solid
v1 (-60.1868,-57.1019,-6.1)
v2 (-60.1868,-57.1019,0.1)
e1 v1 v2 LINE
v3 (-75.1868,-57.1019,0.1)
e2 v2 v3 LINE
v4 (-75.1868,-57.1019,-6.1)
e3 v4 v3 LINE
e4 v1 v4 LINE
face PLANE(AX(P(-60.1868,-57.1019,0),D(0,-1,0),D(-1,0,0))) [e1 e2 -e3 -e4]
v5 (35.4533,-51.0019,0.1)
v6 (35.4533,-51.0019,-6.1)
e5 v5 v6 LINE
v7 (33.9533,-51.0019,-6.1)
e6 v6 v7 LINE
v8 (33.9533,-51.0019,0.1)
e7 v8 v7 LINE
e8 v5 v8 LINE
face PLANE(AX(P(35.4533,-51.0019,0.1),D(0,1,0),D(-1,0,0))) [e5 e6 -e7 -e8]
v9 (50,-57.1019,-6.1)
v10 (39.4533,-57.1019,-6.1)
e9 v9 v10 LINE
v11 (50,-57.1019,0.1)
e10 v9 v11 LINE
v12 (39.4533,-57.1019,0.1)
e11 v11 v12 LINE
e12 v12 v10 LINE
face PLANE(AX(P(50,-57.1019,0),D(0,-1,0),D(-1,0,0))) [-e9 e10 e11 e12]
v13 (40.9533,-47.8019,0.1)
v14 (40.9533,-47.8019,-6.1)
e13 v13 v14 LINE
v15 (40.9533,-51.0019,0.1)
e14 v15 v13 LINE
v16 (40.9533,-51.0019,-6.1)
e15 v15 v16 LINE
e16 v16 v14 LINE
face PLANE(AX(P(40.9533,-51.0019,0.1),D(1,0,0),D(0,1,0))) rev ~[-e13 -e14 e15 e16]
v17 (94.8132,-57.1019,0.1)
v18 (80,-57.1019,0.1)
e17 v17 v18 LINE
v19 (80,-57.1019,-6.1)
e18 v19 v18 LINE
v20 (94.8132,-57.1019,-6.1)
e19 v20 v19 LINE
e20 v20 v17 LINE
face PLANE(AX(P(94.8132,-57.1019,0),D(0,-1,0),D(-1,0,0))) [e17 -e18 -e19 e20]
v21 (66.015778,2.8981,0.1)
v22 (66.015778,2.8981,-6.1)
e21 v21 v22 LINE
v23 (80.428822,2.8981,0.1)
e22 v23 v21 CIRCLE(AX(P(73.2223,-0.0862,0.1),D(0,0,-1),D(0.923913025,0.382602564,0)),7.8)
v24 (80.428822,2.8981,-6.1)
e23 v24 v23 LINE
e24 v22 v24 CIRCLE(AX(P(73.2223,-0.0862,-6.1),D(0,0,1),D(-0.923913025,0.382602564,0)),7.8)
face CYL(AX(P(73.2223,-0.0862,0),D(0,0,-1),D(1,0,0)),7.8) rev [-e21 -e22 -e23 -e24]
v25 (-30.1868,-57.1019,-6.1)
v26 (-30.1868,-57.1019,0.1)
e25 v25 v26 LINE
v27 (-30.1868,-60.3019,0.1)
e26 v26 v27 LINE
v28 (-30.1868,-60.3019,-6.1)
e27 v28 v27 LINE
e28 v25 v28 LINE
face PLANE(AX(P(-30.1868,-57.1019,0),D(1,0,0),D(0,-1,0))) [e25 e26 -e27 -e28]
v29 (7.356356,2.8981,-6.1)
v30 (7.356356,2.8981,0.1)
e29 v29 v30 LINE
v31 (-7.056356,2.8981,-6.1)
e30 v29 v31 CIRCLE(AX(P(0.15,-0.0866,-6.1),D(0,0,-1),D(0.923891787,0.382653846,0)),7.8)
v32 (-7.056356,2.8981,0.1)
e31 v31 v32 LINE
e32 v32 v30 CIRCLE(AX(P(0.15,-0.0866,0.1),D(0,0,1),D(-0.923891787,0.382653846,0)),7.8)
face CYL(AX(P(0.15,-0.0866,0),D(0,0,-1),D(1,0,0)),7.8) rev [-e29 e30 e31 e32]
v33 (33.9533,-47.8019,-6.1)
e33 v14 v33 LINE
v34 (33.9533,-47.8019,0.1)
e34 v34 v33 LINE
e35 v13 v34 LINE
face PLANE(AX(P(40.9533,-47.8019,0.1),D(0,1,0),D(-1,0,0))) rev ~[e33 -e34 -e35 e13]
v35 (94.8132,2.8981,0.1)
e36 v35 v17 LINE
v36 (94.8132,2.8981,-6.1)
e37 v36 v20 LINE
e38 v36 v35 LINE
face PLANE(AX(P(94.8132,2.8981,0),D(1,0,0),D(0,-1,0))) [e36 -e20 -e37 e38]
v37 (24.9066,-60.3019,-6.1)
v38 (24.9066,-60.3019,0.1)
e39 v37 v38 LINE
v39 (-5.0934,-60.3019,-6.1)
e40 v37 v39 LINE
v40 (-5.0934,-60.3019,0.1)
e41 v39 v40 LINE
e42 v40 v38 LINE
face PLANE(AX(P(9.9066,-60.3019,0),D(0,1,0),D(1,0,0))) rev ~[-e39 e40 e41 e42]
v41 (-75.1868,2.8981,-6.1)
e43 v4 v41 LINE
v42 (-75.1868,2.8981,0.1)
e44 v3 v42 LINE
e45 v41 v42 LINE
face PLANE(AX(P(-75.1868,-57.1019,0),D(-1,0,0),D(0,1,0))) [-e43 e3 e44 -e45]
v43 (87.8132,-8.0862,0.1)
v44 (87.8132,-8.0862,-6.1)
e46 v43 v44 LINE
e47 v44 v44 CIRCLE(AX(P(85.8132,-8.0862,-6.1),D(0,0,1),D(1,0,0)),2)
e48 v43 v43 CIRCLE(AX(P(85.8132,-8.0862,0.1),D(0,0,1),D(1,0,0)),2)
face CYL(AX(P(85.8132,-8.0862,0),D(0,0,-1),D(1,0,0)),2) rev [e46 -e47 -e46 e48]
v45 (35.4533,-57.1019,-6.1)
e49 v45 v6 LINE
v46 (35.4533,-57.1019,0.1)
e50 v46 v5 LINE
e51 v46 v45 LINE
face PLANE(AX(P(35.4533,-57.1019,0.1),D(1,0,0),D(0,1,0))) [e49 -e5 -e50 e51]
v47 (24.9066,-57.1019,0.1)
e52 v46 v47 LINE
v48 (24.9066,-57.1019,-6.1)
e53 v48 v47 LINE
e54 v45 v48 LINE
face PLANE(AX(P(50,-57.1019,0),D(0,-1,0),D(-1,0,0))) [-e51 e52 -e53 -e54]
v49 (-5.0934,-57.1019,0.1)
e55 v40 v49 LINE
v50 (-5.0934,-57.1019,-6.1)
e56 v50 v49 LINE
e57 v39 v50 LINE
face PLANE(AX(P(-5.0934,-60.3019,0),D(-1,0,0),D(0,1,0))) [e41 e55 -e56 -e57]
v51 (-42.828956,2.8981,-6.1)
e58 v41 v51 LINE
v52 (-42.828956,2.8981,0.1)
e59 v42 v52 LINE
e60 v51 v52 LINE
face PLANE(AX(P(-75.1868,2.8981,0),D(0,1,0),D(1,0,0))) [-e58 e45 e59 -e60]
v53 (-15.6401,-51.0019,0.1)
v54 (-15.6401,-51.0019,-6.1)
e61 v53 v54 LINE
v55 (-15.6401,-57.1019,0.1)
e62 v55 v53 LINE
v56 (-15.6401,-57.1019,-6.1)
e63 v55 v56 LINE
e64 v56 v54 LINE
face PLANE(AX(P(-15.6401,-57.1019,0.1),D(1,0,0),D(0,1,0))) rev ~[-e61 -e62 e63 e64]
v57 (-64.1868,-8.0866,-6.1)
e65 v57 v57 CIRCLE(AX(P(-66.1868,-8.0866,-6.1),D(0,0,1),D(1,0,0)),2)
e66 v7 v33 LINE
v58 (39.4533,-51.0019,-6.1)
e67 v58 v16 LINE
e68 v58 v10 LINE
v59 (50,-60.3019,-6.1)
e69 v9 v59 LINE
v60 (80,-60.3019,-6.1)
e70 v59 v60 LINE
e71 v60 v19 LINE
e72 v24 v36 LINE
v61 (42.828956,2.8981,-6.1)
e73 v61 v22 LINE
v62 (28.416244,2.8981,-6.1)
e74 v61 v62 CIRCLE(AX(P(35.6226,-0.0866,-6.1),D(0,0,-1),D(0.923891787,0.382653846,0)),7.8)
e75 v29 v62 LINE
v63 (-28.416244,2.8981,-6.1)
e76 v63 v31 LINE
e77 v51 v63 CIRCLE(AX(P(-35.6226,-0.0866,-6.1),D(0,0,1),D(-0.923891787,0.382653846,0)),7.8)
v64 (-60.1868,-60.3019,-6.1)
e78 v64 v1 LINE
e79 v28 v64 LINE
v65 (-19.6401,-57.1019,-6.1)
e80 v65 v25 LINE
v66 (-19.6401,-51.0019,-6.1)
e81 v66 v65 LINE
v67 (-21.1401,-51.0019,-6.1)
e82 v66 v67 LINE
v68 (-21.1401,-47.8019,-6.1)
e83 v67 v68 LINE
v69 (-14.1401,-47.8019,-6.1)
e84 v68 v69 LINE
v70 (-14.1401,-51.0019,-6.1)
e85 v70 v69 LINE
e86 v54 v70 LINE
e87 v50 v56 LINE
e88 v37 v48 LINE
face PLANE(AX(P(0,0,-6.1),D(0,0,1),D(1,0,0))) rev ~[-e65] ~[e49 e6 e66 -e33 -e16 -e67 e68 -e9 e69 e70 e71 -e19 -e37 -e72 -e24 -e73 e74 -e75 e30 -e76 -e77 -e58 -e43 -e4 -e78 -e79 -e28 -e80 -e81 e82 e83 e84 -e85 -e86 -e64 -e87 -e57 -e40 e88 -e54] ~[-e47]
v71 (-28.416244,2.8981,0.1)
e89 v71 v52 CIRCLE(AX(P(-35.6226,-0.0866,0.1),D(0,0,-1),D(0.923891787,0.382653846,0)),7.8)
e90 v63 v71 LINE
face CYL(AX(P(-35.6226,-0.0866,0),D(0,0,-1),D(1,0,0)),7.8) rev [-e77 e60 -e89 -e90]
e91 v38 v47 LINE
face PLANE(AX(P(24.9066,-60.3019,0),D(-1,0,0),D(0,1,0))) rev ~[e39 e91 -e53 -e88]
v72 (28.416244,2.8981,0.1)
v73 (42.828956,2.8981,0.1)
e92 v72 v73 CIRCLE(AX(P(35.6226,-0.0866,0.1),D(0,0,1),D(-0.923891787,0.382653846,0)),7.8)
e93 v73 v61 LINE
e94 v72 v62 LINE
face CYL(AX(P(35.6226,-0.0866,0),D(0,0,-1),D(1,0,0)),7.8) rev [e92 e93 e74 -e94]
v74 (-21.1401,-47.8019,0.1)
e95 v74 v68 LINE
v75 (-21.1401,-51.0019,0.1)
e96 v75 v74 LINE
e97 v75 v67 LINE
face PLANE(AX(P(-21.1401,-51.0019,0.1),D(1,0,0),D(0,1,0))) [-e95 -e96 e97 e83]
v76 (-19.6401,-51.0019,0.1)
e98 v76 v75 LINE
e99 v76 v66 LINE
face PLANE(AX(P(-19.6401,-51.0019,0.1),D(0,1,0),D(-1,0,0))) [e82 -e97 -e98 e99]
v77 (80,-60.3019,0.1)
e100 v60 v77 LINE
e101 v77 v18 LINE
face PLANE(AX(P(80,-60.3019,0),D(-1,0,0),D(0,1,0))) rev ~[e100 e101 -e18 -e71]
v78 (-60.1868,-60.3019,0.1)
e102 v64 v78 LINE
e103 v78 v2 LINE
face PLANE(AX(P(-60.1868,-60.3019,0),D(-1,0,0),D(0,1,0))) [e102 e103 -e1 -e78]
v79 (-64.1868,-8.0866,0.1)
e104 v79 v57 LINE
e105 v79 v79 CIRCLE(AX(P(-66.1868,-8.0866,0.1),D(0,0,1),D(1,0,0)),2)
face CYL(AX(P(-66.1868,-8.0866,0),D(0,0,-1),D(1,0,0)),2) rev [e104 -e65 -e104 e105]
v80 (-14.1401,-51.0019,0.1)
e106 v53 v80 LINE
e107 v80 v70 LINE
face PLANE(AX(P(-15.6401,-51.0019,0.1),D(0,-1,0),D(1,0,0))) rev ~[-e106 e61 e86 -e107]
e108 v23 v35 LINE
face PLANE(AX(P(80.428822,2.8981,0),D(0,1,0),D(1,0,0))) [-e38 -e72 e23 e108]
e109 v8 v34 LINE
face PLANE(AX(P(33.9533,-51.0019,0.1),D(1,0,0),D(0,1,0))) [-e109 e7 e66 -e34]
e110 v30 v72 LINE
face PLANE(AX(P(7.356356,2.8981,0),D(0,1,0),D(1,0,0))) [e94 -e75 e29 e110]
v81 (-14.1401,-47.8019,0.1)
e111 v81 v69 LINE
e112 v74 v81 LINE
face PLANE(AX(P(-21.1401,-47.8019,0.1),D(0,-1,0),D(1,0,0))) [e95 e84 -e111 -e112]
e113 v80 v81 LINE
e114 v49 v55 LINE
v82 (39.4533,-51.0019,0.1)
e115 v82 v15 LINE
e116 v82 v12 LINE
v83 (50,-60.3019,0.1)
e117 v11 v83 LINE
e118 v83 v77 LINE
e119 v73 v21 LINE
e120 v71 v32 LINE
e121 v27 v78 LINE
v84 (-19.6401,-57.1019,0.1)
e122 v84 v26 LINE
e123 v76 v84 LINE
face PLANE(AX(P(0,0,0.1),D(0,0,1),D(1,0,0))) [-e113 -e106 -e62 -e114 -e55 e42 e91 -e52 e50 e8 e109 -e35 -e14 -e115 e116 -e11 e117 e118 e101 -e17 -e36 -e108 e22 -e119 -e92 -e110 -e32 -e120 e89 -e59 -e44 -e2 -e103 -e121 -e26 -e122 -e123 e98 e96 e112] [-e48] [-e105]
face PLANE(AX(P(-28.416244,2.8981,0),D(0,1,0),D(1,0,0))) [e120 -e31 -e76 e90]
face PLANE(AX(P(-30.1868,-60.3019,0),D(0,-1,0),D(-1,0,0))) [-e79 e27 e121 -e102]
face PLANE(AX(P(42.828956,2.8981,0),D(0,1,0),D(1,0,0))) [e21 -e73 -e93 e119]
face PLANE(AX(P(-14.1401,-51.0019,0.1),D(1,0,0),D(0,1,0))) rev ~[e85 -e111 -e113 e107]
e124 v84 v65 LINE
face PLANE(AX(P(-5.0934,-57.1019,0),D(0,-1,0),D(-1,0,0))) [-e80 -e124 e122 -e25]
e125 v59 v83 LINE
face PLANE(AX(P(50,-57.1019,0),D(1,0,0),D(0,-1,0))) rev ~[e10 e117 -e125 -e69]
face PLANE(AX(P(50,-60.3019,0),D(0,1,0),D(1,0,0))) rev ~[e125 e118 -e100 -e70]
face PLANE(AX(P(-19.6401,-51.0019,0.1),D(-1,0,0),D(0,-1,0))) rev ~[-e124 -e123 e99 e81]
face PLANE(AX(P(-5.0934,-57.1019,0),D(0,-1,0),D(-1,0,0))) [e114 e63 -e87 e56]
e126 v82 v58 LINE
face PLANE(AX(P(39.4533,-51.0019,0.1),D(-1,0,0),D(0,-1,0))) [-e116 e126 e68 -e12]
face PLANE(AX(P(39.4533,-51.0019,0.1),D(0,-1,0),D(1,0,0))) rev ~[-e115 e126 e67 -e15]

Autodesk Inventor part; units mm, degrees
ref_plane "YZ Plane" through (0, 0, 0) normal (1, 0, 0) x (0, 1, 0)
ref_plane "XZ Plane" through (0, 0, 0) normal (0, 1, 0) x (-1, 0, 0)
ref_plane "XY Plane" through (0, 0, 0) normal (0, 0, 1) x (1, 0, 0)
sketch "Sketch1" plane through (0, 0, 0) normal (0, 0, 1) x (1, 0, 0)
  circle A0 centre (0.15, -0.0866) radius 7.5 projected
  circle A1 centre (35.6226, -0.0866) radius 7.5 projected
  line L0 (-37.4458, 2.8981) -> (-34.0994, 2.8981) projected
  line L1 (-39.119, 0) -> (-37.4458, 2.8981) projected
  line L2 (-37.4458, -2.8981) -> (-39.119, 0) projected
  line L3 (-34.0994, -2.8981) -> (-37.4458, -2.8981) projected
  line L4 (-32.4262, 0) -> (-34.0994, -2.8981) projected
  line L5 (-34.0994, 2.8981) -> (-32.4262, 0) projected
  line L6 (71.3985, 2.8989) -> (74.7449, 2.8989) projected
  line L7 (69.7253, 0.0008) -> (71.3985, 2.8989) projected
  line L8 (71.3985, -2.8973) -> (69.7253, 0.0008) projected
  line L9 (74.7449, -2.8973) -> (71.3985, -2.8973) projected
  line L10 (76.4181, 0.0008) -> (74.7449, -2.8973) projected
  line L11 (74.7449, 2.8989) -> (76.4181, 0.0008) projected
  line L12 (94.8132, 2.8981) -> (94.8132, -57.1019)
  line L13 (-75.1868, -57.1019) -> (-75.1868, 2.8981)
  line L14 (-75.1868, 2.8981) -> (94.8132, 2.8981)
  circle A2 centre (-35.6226, -0.0866) radius 7.5 projected
  circle A3 centre (73.2223, -0.0862) radius 7.5 projected
  circle A4 centre (-35.6226, -0.0866) radius 7.8
  circle A5 centre (0.15, -0.0866) radius 7.8
  circle A6 centre (35.6226, -0.0866) radius 7.8
  circle A7 centre (73.2223, -0.0862) radius 7.8
  circle A8 centre (85.8132, -8.0862) radius 2
  line L15 (73.2223, -0.0862) -> (73.2223, 6.7764) construction
  circle A9 centre (-66.1868, -8.0866) radius 2
  line L16 (95, -57.1019) -> (-75.1868, -57.1019)
  line L17 (-60.1868, -57.1019) -> (-30.1868, -57.1019)
  line L18 (-30.1868, -57.1019) -> (-30.1868, -60.3019)
  line L19 (-30.1868, -60.3019) -> (-60.1868, -60.3019)
  line L20 (-60.1868, -60.3019) -> (-60.1868, -57.1019)
  line L21 (9.9066, -57.1019) -> (9.9066, -41.5844) construction
  line L22 (9.9066, -57.1019) -> (9.9066, -60.3019)
  line L23 (9.9066, -60.3019) -> (-5.0934, -60.3019)
  line L24 (-5.0934, -60.3019) -> (-5.0934, -57.1019)
  line L25 (50, -57.1019) -> (50, -60.3019)
  line L26 (50, -60.3019) -> (80, -60.3019)
  line L27 (80, -60.3019) -> (80, -57.1019)
  line L28 (9.9066, -60.3019) -> (24.9066, -60.3019)
  line L29 (24.9066, -60.3019) -> (24.9066, -57.1019)
  point P0 (0, 0)
  point P1 (80.4289, 2.8981)
  point P2 (66.0158, 2.8981)
  point P3 (42.8289, 2.8981)
  point P4 (28.4162, 2.8981)
  point P5 (7.3564, 2.8981)
  point P6 (-7.0564, 2.8981)
  point P7 (-28.4162, 2.8981)
  point P8 (-42.8289, 2.8981)
  point P9 (94.8132, -57.1019)
  point P10 (-30.1868, -57.1019)
  point P11 (24.9066, -57.1019)
  point P12 (50, -57.1019)
  point P13 (80, -57.1019)
  dimension "d2" = 170
  dimension "d4" = 0.3
  dimension "d5" = 0.3
  dimension "d6" = 0.3
  dimension "d7" = 0.3
  dimension "d17" = 4
  dimension "d19" = 8
  dimension "d24" = 9
  dimension "d42" = 60
  dimension "d43" = 30
  dimension "d44" = 3.2
  dimension "d45" = 15
  dimension "d46" = 75.1868
  dimension "d47" = 94.8132
  dimension "d48" = 9
  dimension "d49" = 8
  dimension "d50" = 4
  dimension "d51" = 3.2
  dimension "d52" = 15
  dimension "d53" = 25.0934
extrude "Extrusion3" add sketch "Sketch1" along normal blind 0.1 and the other way blind 6.1 contours L14 A6 A7 L12 L16 L13 A4 A5 | L16 L18 L19 L20 | L27 L26 L25 L16 | L16 L22 L23 L24 | L16 L29 L28 L22
sketch "Sketch2" plane through (0, 0, 0.1) normal (0, 0, 1) x (1, 0, 0)
  line L0 (-5.0934, -60.3019) -> (24.9066, -60.3019) projected
  line L1 (24.9066, -60.3019) -> (-5.0934, -60.3019) projected
  line L2 (9.9066, -60.3019) -> (9.9066, -41.2301) construction
  line L3 (-30.1868, -57.1019) -> (-5.0934, -57.1019) projected
  line L4 (-17.6401, -57.1019) -> (-17.6401, -48.823) construction
  line L5 (-19.6401, -57.1019) -> (-15.6401, -57.1019)
  line L6 (-15.6401, -57.1019) -> (-15.6401, -51.0019)
  line L7 (-19.6401, -51.0019) -> (-19.6401, -57.1019)
  line L8 (-17.6401, -51.0019) -> (-14.1401, -51.0019)
  line L9 (-14.1401, -51.0019) -> (-14.1401, -47.8019)
  line L10 (-19.6401, -51.0019) -> (-15.6401, -51.0019)
  line L11 (-17.6401, -51.0019) -> (-21.1401, -51.0019)
  line L12 (-21.1401, -51.0019) -> (-21.1401, -47.8019)
  line L13 (-21.1401, -47.8019) -> (-14.1401, -47.8019)
  line L14 (37.4533, -57.1019) -> (37.4533, -48.823) construction
  line L15 (39.4533, -57.1019) -> (35.4533, -57.1019)
  line L16 (35.4533, -57.1019) -> (35.4533, -51.0019)
  line L17 (39.4533, -51.0019) -> (39.4533, -57.1019)
  line L18 (37.4533, -51.0019) -> (33.9533, -51.0019)
  line L19 (33.9533, -51.0019) -> (33.9533, -47.8019)
  line L20 (39.4533, -51.0019) -> (35.4533, -51.0019)
  line L21 (37.4533, -51.0019) -> (40.9533, -51.0019)
  line L22 (40.9533, -51.0019) -> (40.9533, -47.8019)
  line L23 (40.9533, -47.8019) -> (33.9533, -47.8019)
  point P0 (0, 0)
  dimension "d64" = 2
  dimension "d65" = 3.5
  dimension "d66" = 3.2
  dimension "d67" = 4
  dimension "d68" = 6.1
  dimension "d69" = 7
extrude "Extrusion4" cut sketch "Sketch2" against normal blind 7
properties part number "Carcasa_CajaR_Lateral1"
